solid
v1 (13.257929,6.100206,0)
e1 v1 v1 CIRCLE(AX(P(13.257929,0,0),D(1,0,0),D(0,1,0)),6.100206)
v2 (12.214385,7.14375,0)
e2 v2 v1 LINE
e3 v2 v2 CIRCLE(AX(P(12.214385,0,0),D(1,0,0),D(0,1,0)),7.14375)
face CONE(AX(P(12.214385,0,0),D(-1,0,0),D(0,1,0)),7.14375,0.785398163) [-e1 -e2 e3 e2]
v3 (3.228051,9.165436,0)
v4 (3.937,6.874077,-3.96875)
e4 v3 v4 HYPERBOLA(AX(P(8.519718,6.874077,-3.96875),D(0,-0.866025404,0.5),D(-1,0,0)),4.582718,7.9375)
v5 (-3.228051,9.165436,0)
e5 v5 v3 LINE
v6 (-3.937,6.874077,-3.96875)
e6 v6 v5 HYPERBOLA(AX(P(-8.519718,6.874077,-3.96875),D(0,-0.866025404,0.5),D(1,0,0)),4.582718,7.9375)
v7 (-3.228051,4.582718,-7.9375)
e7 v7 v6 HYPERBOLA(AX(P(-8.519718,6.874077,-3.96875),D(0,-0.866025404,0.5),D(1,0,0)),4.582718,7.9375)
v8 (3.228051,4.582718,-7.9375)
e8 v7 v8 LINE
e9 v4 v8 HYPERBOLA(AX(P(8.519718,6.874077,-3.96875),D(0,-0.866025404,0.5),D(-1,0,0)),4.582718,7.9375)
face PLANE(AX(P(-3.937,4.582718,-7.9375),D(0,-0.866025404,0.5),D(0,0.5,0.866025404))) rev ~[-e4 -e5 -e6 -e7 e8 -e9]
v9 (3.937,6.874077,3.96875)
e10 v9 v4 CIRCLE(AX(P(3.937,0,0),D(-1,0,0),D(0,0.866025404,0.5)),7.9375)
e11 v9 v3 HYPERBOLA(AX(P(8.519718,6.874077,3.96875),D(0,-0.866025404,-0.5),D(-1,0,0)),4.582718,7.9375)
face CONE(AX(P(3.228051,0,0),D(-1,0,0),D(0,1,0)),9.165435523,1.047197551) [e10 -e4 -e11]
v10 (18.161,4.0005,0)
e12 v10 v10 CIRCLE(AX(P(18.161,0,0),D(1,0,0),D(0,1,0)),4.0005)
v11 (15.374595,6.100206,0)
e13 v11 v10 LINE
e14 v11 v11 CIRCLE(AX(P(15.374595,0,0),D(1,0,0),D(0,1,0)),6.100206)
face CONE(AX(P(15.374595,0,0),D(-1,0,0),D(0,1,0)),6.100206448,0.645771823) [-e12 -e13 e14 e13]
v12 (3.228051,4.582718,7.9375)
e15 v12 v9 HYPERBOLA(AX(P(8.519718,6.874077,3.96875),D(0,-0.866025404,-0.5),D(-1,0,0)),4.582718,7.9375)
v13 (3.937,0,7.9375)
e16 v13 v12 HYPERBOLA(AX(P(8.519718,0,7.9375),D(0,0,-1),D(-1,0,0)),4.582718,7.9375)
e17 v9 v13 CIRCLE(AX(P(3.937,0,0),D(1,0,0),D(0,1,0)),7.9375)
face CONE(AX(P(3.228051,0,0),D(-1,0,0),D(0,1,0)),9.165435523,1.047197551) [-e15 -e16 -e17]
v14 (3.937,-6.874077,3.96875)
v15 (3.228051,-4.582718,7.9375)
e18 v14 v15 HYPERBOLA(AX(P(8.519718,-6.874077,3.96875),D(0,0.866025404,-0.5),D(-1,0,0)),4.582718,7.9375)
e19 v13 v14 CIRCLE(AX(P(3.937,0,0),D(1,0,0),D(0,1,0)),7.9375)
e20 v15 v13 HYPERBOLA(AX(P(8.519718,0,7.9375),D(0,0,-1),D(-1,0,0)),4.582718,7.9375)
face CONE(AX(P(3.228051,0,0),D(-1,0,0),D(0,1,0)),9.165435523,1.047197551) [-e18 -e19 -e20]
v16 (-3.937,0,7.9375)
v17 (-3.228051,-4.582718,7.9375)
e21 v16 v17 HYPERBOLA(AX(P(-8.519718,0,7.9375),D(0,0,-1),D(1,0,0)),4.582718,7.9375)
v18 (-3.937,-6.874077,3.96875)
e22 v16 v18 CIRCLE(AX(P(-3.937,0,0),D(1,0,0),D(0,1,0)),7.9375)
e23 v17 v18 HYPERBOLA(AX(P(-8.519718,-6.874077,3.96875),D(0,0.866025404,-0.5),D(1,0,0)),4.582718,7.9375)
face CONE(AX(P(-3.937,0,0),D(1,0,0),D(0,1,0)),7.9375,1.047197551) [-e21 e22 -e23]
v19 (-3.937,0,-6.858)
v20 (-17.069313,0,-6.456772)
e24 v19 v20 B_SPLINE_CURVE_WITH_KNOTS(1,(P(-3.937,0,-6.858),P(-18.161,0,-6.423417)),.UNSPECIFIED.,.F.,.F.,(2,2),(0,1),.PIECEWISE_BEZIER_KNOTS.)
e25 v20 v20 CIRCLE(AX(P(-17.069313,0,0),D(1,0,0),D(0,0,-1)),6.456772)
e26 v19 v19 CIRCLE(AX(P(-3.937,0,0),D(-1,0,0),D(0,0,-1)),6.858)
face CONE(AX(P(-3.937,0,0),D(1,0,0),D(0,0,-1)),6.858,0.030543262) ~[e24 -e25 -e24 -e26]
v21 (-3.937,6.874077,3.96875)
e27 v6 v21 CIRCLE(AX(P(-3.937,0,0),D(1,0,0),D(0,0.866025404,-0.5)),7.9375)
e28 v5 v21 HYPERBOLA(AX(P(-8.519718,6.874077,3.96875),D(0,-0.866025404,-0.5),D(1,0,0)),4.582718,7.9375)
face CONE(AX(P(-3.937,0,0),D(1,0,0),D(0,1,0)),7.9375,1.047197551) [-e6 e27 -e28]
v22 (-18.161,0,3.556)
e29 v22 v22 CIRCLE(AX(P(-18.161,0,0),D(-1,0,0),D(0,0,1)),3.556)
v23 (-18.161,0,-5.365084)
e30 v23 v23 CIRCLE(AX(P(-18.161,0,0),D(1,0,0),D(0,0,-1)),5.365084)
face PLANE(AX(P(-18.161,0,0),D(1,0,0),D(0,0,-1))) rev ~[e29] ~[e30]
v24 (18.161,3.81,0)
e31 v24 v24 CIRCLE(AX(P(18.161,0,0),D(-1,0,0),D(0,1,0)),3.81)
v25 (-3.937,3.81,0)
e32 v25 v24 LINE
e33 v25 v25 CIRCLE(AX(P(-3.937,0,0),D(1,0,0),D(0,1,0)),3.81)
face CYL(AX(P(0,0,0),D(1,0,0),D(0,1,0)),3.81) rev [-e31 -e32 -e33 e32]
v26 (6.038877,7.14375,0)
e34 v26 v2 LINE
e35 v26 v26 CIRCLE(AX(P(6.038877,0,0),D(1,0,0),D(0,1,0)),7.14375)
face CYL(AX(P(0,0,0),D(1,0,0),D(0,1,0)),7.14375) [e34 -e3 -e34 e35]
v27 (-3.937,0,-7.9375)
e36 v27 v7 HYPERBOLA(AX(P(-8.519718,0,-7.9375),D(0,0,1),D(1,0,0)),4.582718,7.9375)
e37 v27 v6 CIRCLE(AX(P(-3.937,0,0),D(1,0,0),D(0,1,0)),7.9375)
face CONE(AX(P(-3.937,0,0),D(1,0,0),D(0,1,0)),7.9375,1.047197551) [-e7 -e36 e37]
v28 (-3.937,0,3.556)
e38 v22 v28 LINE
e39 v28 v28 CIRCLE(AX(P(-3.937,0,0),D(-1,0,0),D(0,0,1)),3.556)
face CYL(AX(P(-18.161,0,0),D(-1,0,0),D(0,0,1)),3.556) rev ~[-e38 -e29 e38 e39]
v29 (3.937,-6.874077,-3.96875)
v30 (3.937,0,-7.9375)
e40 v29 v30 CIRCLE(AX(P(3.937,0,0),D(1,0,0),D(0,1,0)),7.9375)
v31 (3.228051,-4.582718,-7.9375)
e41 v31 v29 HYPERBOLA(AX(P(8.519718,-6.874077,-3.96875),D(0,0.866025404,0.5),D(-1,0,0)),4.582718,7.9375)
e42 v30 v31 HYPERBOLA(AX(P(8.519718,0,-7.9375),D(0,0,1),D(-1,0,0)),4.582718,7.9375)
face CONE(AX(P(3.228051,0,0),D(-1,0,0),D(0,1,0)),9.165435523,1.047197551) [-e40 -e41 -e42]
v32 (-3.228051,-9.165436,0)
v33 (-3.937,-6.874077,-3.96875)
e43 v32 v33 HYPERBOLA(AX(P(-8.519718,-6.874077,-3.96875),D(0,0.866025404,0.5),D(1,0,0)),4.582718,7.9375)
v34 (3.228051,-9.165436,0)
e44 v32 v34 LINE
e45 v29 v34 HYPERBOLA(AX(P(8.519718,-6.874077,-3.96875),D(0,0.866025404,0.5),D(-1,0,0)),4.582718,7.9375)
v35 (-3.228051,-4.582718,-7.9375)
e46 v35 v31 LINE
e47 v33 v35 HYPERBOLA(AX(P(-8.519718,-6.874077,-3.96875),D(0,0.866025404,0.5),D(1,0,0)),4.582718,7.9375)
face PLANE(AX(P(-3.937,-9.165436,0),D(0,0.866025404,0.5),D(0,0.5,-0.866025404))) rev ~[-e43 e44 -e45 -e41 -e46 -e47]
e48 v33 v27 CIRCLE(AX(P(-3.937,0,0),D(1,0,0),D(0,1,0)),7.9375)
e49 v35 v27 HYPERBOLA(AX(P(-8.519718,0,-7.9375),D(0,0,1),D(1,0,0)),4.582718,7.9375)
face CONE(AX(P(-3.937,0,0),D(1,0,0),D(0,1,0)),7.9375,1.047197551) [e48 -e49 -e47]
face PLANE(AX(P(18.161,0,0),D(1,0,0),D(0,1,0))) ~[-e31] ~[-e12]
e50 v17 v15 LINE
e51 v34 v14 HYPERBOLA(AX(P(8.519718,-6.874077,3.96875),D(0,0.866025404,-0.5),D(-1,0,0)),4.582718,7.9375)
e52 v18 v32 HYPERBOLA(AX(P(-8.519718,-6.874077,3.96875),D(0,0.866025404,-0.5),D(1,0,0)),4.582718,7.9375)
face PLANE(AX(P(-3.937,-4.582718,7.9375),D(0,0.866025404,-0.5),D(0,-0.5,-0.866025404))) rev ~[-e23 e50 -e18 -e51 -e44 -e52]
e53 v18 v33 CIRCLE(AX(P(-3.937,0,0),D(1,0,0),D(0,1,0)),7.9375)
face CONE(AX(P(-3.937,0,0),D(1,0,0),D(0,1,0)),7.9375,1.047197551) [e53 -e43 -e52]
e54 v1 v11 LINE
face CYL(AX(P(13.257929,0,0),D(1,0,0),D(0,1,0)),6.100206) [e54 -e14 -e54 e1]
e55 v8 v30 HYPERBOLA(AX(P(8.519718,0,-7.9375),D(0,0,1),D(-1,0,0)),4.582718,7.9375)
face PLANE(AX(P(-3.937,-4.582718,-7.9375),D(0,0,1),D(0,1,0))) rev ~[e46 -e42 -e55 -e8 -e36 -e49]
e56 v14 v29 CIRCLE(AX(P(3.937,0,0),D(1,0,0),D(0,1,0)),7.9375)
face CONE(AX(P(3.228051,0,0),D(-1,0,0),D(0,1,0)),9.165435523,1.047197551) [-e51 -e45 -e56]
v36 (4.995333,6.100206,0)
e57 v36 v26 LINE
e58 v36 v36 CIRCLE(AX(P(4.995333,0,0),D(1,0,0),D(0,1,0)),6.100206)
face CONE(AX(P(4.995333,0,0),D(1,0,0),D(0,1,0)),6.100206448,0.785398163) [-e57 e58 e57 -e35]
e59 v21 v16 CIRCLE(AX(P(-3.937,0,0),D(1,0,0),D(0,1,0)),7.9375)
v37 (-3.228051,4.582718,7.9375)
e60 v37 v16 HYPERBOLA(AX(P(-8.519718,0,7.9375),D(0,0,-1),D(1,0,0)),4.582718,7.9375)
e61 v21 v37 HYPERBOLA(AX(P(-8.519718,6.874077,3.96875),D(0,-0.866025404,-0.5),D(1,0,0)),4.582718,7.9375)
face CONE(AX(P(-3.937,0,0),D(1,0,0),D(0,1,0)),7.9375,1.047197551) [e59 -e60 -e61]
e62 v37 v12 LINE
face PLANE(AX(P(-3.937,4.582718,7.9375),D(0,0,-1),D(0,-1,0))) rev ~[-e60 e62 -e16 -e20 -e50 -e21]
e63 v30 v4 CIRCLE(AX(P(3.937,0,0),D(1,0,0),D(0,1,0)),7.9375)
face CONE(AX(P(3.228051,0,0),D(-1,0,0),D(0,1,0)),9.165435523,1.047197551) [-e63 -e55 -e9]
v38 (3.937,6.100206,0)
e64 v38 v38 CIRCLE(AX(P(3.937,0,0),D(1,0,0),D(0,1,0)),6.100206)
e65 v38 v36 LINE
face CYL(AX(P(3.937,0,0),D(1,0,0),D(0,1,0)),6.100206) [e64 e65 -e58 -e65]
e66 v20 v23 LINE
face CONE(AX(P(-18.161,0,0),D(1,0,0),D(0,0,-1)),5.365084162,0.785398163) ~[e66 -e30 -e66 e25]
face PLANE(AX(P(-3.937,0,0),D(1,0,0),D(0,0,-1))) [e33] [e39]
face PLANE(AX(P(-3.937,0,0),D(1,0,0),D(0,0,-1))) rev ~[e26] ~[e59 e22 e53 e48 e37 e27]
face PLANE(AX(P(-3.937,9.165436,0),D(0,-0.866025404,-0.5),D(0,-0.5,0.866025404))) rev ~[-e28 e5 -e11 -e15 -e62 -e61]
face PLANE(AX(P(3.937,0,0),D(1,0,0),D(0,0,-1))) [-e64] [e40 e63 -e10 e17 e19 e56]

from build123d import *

# Parameters (mm, degrees)
SKETCH6_W           = 36.322
SKETCH6_H           = 7.14375
EXTRUDE1_DEPTH      = 7.874
SKETCH7_W           = 36.322
SKETCH7_H           = 3.81
SKETCH17_R          = 7.14375
CUT_EXTRUDE1_DEPTH  = 14.224
SKETCH19_R          = 6.858
BOSS_EXTRUDE1_DEPTH = 14.224
BOSS_EXTRUDE1_TAPER = 1.75
CHAMFER1_SIZE2      = 1.058333333
CHAMFER1_SIZE       = 1.092196811
SKETCH22_R          = 6.858
BOSS_EXTRUDE3_DEPTH = 14.224
BOSS_EXTRUDE3_TAPER = 15
SKETCH23_R          = 3.556
CUT_EXTRUDE2_DEPTH  = 14.224


with BuildPart() as part:
    # Sketch6 → Revolve3 (revolve)
    with BuildSketch(Plane.XY):
        with Locations((0, 3.571875)):
            Rectangle(SKETCH6_W, SKETCH6_H)
    revolve(axis=Axis((-18.161, 0, 0), (1, 0, 0)))

    # Sketch12 → Extrude1 (add)
    with BuildSketch(Plane(origin=(-3.937, 0, 0), x_dir=(0, 0, -1), z_dir=(1, 0, 0))):
        Polygon((0, 9.165435523), (-7.9375, 4.582717762), (-7.9375, -4.582717762), (0, -9.165435523), (7.9375, -4.582717762), (7.9375, 4.582717762), align=None)
    extrude(amount=EXTRUDE1_DEPTH)

    # Sketch10 → Cut-Revolve6 (revolve, cut)
    with BuildSketch(Plane.XY):
        Polygon((6.038876886, 7.14375), (3.937, 7.14375), (3.937, 6.100206448), (4.995333333, 6.100206448), align=None)
        Polygon((18.161, 7.14375), (12.214385213, 7.14375), (13.257928765, 6.100206448), (15.374595432, 6.100206448), (18.161, 4.0005), align=None)
    revolve(axis=Axis((-18.161, 0, 0), (1, 0, 0)), mode=Mode.SUBTRACT)

    # Sketch7 → Cut-Revolve5 (revolve, cut)
    with BuildSketch(Plane.XY):
        with Locations((0, 1.905)):
            Rectangle(SKETCH7_W, SKETCH7_H)
    revolve(axis=Axis((18.161, 0, 0), (-1, 0, 0)), mode=Mode.SUBTRACT)

    # Sketch13 → Cut-Revolve7 (revolve, cut)
    with BuildSketch(Plane.XY):
        Polygon((-3.937, 9.165435523), (-3.937, 7.9375), (-3.228051095, 9.165435523), align=None)
        Polygon((3.228051095, 9.165435523), (3.937, 7.9375), (3.937, 9.165435523), align=None)
    revolve(axis=Axis((-18.161, 0, 0), (1, 0, 0)), mode=Mode.SUBTRACT)

    # Sketch17 → Cut-Extrude1 (cut)
    with BuildSketch(Plane.ZY.offset(18.161)):
        Circle(SKETCH17_R)
    extrude(amount=-CUT_EXTRUDE1_DEPTH, mode=Mode.SUBTRACT)


with BuildPart() as body_2:
    # Sketch19 → Boss-Extrude1 (new body)
    with BuildSketch(Plane(origin=(-3.937, 0, 0), x_dir=(0, 0, -1), z_dir=(1, 0, 0))):
        Circle(SKETCH19_R)
    extrude(amount=-BOSS_EXTRUDE1_DEPTH, taper=BOSS_EXTRUDE1_TAPER)

    # Chamfer1
    chamfer1_edges = [body_2.edges().sort_by_distance(p)[0] for p in [
        (-18.161, 0, 6.423417495),
    ]]
    chamfer(chamfer1_edges, length=CHAMFER1_SIZE, length2=CHAMFER1_SIZE2)

    # Sketch22 → Boss-Extrude3 (add)
    with BuildSketch(Plane(origin=(-3.937, 0, 0), x_dir=(0, 0, -1), z_dir=(1, 0, 0))):
        Circle(SKETCH22_R)
    extrude(amount=-BOSS_EXTRUDE3_DEPTH, taper=BOSS_EXTRUDE3_TAPER)

    # Combine1: union part
    add(part.part)

    # Sketch23 → Cut-Extrude2 (cut)
    with BuildSketch(Plane.ZY.offset(18.161)):
        Circle(SKETCH23_R)
    extrude(amount=-CUT_EXTRUDE2_DEPTH, mode=Mode.SUBTRACT)


solid = body_2.part
